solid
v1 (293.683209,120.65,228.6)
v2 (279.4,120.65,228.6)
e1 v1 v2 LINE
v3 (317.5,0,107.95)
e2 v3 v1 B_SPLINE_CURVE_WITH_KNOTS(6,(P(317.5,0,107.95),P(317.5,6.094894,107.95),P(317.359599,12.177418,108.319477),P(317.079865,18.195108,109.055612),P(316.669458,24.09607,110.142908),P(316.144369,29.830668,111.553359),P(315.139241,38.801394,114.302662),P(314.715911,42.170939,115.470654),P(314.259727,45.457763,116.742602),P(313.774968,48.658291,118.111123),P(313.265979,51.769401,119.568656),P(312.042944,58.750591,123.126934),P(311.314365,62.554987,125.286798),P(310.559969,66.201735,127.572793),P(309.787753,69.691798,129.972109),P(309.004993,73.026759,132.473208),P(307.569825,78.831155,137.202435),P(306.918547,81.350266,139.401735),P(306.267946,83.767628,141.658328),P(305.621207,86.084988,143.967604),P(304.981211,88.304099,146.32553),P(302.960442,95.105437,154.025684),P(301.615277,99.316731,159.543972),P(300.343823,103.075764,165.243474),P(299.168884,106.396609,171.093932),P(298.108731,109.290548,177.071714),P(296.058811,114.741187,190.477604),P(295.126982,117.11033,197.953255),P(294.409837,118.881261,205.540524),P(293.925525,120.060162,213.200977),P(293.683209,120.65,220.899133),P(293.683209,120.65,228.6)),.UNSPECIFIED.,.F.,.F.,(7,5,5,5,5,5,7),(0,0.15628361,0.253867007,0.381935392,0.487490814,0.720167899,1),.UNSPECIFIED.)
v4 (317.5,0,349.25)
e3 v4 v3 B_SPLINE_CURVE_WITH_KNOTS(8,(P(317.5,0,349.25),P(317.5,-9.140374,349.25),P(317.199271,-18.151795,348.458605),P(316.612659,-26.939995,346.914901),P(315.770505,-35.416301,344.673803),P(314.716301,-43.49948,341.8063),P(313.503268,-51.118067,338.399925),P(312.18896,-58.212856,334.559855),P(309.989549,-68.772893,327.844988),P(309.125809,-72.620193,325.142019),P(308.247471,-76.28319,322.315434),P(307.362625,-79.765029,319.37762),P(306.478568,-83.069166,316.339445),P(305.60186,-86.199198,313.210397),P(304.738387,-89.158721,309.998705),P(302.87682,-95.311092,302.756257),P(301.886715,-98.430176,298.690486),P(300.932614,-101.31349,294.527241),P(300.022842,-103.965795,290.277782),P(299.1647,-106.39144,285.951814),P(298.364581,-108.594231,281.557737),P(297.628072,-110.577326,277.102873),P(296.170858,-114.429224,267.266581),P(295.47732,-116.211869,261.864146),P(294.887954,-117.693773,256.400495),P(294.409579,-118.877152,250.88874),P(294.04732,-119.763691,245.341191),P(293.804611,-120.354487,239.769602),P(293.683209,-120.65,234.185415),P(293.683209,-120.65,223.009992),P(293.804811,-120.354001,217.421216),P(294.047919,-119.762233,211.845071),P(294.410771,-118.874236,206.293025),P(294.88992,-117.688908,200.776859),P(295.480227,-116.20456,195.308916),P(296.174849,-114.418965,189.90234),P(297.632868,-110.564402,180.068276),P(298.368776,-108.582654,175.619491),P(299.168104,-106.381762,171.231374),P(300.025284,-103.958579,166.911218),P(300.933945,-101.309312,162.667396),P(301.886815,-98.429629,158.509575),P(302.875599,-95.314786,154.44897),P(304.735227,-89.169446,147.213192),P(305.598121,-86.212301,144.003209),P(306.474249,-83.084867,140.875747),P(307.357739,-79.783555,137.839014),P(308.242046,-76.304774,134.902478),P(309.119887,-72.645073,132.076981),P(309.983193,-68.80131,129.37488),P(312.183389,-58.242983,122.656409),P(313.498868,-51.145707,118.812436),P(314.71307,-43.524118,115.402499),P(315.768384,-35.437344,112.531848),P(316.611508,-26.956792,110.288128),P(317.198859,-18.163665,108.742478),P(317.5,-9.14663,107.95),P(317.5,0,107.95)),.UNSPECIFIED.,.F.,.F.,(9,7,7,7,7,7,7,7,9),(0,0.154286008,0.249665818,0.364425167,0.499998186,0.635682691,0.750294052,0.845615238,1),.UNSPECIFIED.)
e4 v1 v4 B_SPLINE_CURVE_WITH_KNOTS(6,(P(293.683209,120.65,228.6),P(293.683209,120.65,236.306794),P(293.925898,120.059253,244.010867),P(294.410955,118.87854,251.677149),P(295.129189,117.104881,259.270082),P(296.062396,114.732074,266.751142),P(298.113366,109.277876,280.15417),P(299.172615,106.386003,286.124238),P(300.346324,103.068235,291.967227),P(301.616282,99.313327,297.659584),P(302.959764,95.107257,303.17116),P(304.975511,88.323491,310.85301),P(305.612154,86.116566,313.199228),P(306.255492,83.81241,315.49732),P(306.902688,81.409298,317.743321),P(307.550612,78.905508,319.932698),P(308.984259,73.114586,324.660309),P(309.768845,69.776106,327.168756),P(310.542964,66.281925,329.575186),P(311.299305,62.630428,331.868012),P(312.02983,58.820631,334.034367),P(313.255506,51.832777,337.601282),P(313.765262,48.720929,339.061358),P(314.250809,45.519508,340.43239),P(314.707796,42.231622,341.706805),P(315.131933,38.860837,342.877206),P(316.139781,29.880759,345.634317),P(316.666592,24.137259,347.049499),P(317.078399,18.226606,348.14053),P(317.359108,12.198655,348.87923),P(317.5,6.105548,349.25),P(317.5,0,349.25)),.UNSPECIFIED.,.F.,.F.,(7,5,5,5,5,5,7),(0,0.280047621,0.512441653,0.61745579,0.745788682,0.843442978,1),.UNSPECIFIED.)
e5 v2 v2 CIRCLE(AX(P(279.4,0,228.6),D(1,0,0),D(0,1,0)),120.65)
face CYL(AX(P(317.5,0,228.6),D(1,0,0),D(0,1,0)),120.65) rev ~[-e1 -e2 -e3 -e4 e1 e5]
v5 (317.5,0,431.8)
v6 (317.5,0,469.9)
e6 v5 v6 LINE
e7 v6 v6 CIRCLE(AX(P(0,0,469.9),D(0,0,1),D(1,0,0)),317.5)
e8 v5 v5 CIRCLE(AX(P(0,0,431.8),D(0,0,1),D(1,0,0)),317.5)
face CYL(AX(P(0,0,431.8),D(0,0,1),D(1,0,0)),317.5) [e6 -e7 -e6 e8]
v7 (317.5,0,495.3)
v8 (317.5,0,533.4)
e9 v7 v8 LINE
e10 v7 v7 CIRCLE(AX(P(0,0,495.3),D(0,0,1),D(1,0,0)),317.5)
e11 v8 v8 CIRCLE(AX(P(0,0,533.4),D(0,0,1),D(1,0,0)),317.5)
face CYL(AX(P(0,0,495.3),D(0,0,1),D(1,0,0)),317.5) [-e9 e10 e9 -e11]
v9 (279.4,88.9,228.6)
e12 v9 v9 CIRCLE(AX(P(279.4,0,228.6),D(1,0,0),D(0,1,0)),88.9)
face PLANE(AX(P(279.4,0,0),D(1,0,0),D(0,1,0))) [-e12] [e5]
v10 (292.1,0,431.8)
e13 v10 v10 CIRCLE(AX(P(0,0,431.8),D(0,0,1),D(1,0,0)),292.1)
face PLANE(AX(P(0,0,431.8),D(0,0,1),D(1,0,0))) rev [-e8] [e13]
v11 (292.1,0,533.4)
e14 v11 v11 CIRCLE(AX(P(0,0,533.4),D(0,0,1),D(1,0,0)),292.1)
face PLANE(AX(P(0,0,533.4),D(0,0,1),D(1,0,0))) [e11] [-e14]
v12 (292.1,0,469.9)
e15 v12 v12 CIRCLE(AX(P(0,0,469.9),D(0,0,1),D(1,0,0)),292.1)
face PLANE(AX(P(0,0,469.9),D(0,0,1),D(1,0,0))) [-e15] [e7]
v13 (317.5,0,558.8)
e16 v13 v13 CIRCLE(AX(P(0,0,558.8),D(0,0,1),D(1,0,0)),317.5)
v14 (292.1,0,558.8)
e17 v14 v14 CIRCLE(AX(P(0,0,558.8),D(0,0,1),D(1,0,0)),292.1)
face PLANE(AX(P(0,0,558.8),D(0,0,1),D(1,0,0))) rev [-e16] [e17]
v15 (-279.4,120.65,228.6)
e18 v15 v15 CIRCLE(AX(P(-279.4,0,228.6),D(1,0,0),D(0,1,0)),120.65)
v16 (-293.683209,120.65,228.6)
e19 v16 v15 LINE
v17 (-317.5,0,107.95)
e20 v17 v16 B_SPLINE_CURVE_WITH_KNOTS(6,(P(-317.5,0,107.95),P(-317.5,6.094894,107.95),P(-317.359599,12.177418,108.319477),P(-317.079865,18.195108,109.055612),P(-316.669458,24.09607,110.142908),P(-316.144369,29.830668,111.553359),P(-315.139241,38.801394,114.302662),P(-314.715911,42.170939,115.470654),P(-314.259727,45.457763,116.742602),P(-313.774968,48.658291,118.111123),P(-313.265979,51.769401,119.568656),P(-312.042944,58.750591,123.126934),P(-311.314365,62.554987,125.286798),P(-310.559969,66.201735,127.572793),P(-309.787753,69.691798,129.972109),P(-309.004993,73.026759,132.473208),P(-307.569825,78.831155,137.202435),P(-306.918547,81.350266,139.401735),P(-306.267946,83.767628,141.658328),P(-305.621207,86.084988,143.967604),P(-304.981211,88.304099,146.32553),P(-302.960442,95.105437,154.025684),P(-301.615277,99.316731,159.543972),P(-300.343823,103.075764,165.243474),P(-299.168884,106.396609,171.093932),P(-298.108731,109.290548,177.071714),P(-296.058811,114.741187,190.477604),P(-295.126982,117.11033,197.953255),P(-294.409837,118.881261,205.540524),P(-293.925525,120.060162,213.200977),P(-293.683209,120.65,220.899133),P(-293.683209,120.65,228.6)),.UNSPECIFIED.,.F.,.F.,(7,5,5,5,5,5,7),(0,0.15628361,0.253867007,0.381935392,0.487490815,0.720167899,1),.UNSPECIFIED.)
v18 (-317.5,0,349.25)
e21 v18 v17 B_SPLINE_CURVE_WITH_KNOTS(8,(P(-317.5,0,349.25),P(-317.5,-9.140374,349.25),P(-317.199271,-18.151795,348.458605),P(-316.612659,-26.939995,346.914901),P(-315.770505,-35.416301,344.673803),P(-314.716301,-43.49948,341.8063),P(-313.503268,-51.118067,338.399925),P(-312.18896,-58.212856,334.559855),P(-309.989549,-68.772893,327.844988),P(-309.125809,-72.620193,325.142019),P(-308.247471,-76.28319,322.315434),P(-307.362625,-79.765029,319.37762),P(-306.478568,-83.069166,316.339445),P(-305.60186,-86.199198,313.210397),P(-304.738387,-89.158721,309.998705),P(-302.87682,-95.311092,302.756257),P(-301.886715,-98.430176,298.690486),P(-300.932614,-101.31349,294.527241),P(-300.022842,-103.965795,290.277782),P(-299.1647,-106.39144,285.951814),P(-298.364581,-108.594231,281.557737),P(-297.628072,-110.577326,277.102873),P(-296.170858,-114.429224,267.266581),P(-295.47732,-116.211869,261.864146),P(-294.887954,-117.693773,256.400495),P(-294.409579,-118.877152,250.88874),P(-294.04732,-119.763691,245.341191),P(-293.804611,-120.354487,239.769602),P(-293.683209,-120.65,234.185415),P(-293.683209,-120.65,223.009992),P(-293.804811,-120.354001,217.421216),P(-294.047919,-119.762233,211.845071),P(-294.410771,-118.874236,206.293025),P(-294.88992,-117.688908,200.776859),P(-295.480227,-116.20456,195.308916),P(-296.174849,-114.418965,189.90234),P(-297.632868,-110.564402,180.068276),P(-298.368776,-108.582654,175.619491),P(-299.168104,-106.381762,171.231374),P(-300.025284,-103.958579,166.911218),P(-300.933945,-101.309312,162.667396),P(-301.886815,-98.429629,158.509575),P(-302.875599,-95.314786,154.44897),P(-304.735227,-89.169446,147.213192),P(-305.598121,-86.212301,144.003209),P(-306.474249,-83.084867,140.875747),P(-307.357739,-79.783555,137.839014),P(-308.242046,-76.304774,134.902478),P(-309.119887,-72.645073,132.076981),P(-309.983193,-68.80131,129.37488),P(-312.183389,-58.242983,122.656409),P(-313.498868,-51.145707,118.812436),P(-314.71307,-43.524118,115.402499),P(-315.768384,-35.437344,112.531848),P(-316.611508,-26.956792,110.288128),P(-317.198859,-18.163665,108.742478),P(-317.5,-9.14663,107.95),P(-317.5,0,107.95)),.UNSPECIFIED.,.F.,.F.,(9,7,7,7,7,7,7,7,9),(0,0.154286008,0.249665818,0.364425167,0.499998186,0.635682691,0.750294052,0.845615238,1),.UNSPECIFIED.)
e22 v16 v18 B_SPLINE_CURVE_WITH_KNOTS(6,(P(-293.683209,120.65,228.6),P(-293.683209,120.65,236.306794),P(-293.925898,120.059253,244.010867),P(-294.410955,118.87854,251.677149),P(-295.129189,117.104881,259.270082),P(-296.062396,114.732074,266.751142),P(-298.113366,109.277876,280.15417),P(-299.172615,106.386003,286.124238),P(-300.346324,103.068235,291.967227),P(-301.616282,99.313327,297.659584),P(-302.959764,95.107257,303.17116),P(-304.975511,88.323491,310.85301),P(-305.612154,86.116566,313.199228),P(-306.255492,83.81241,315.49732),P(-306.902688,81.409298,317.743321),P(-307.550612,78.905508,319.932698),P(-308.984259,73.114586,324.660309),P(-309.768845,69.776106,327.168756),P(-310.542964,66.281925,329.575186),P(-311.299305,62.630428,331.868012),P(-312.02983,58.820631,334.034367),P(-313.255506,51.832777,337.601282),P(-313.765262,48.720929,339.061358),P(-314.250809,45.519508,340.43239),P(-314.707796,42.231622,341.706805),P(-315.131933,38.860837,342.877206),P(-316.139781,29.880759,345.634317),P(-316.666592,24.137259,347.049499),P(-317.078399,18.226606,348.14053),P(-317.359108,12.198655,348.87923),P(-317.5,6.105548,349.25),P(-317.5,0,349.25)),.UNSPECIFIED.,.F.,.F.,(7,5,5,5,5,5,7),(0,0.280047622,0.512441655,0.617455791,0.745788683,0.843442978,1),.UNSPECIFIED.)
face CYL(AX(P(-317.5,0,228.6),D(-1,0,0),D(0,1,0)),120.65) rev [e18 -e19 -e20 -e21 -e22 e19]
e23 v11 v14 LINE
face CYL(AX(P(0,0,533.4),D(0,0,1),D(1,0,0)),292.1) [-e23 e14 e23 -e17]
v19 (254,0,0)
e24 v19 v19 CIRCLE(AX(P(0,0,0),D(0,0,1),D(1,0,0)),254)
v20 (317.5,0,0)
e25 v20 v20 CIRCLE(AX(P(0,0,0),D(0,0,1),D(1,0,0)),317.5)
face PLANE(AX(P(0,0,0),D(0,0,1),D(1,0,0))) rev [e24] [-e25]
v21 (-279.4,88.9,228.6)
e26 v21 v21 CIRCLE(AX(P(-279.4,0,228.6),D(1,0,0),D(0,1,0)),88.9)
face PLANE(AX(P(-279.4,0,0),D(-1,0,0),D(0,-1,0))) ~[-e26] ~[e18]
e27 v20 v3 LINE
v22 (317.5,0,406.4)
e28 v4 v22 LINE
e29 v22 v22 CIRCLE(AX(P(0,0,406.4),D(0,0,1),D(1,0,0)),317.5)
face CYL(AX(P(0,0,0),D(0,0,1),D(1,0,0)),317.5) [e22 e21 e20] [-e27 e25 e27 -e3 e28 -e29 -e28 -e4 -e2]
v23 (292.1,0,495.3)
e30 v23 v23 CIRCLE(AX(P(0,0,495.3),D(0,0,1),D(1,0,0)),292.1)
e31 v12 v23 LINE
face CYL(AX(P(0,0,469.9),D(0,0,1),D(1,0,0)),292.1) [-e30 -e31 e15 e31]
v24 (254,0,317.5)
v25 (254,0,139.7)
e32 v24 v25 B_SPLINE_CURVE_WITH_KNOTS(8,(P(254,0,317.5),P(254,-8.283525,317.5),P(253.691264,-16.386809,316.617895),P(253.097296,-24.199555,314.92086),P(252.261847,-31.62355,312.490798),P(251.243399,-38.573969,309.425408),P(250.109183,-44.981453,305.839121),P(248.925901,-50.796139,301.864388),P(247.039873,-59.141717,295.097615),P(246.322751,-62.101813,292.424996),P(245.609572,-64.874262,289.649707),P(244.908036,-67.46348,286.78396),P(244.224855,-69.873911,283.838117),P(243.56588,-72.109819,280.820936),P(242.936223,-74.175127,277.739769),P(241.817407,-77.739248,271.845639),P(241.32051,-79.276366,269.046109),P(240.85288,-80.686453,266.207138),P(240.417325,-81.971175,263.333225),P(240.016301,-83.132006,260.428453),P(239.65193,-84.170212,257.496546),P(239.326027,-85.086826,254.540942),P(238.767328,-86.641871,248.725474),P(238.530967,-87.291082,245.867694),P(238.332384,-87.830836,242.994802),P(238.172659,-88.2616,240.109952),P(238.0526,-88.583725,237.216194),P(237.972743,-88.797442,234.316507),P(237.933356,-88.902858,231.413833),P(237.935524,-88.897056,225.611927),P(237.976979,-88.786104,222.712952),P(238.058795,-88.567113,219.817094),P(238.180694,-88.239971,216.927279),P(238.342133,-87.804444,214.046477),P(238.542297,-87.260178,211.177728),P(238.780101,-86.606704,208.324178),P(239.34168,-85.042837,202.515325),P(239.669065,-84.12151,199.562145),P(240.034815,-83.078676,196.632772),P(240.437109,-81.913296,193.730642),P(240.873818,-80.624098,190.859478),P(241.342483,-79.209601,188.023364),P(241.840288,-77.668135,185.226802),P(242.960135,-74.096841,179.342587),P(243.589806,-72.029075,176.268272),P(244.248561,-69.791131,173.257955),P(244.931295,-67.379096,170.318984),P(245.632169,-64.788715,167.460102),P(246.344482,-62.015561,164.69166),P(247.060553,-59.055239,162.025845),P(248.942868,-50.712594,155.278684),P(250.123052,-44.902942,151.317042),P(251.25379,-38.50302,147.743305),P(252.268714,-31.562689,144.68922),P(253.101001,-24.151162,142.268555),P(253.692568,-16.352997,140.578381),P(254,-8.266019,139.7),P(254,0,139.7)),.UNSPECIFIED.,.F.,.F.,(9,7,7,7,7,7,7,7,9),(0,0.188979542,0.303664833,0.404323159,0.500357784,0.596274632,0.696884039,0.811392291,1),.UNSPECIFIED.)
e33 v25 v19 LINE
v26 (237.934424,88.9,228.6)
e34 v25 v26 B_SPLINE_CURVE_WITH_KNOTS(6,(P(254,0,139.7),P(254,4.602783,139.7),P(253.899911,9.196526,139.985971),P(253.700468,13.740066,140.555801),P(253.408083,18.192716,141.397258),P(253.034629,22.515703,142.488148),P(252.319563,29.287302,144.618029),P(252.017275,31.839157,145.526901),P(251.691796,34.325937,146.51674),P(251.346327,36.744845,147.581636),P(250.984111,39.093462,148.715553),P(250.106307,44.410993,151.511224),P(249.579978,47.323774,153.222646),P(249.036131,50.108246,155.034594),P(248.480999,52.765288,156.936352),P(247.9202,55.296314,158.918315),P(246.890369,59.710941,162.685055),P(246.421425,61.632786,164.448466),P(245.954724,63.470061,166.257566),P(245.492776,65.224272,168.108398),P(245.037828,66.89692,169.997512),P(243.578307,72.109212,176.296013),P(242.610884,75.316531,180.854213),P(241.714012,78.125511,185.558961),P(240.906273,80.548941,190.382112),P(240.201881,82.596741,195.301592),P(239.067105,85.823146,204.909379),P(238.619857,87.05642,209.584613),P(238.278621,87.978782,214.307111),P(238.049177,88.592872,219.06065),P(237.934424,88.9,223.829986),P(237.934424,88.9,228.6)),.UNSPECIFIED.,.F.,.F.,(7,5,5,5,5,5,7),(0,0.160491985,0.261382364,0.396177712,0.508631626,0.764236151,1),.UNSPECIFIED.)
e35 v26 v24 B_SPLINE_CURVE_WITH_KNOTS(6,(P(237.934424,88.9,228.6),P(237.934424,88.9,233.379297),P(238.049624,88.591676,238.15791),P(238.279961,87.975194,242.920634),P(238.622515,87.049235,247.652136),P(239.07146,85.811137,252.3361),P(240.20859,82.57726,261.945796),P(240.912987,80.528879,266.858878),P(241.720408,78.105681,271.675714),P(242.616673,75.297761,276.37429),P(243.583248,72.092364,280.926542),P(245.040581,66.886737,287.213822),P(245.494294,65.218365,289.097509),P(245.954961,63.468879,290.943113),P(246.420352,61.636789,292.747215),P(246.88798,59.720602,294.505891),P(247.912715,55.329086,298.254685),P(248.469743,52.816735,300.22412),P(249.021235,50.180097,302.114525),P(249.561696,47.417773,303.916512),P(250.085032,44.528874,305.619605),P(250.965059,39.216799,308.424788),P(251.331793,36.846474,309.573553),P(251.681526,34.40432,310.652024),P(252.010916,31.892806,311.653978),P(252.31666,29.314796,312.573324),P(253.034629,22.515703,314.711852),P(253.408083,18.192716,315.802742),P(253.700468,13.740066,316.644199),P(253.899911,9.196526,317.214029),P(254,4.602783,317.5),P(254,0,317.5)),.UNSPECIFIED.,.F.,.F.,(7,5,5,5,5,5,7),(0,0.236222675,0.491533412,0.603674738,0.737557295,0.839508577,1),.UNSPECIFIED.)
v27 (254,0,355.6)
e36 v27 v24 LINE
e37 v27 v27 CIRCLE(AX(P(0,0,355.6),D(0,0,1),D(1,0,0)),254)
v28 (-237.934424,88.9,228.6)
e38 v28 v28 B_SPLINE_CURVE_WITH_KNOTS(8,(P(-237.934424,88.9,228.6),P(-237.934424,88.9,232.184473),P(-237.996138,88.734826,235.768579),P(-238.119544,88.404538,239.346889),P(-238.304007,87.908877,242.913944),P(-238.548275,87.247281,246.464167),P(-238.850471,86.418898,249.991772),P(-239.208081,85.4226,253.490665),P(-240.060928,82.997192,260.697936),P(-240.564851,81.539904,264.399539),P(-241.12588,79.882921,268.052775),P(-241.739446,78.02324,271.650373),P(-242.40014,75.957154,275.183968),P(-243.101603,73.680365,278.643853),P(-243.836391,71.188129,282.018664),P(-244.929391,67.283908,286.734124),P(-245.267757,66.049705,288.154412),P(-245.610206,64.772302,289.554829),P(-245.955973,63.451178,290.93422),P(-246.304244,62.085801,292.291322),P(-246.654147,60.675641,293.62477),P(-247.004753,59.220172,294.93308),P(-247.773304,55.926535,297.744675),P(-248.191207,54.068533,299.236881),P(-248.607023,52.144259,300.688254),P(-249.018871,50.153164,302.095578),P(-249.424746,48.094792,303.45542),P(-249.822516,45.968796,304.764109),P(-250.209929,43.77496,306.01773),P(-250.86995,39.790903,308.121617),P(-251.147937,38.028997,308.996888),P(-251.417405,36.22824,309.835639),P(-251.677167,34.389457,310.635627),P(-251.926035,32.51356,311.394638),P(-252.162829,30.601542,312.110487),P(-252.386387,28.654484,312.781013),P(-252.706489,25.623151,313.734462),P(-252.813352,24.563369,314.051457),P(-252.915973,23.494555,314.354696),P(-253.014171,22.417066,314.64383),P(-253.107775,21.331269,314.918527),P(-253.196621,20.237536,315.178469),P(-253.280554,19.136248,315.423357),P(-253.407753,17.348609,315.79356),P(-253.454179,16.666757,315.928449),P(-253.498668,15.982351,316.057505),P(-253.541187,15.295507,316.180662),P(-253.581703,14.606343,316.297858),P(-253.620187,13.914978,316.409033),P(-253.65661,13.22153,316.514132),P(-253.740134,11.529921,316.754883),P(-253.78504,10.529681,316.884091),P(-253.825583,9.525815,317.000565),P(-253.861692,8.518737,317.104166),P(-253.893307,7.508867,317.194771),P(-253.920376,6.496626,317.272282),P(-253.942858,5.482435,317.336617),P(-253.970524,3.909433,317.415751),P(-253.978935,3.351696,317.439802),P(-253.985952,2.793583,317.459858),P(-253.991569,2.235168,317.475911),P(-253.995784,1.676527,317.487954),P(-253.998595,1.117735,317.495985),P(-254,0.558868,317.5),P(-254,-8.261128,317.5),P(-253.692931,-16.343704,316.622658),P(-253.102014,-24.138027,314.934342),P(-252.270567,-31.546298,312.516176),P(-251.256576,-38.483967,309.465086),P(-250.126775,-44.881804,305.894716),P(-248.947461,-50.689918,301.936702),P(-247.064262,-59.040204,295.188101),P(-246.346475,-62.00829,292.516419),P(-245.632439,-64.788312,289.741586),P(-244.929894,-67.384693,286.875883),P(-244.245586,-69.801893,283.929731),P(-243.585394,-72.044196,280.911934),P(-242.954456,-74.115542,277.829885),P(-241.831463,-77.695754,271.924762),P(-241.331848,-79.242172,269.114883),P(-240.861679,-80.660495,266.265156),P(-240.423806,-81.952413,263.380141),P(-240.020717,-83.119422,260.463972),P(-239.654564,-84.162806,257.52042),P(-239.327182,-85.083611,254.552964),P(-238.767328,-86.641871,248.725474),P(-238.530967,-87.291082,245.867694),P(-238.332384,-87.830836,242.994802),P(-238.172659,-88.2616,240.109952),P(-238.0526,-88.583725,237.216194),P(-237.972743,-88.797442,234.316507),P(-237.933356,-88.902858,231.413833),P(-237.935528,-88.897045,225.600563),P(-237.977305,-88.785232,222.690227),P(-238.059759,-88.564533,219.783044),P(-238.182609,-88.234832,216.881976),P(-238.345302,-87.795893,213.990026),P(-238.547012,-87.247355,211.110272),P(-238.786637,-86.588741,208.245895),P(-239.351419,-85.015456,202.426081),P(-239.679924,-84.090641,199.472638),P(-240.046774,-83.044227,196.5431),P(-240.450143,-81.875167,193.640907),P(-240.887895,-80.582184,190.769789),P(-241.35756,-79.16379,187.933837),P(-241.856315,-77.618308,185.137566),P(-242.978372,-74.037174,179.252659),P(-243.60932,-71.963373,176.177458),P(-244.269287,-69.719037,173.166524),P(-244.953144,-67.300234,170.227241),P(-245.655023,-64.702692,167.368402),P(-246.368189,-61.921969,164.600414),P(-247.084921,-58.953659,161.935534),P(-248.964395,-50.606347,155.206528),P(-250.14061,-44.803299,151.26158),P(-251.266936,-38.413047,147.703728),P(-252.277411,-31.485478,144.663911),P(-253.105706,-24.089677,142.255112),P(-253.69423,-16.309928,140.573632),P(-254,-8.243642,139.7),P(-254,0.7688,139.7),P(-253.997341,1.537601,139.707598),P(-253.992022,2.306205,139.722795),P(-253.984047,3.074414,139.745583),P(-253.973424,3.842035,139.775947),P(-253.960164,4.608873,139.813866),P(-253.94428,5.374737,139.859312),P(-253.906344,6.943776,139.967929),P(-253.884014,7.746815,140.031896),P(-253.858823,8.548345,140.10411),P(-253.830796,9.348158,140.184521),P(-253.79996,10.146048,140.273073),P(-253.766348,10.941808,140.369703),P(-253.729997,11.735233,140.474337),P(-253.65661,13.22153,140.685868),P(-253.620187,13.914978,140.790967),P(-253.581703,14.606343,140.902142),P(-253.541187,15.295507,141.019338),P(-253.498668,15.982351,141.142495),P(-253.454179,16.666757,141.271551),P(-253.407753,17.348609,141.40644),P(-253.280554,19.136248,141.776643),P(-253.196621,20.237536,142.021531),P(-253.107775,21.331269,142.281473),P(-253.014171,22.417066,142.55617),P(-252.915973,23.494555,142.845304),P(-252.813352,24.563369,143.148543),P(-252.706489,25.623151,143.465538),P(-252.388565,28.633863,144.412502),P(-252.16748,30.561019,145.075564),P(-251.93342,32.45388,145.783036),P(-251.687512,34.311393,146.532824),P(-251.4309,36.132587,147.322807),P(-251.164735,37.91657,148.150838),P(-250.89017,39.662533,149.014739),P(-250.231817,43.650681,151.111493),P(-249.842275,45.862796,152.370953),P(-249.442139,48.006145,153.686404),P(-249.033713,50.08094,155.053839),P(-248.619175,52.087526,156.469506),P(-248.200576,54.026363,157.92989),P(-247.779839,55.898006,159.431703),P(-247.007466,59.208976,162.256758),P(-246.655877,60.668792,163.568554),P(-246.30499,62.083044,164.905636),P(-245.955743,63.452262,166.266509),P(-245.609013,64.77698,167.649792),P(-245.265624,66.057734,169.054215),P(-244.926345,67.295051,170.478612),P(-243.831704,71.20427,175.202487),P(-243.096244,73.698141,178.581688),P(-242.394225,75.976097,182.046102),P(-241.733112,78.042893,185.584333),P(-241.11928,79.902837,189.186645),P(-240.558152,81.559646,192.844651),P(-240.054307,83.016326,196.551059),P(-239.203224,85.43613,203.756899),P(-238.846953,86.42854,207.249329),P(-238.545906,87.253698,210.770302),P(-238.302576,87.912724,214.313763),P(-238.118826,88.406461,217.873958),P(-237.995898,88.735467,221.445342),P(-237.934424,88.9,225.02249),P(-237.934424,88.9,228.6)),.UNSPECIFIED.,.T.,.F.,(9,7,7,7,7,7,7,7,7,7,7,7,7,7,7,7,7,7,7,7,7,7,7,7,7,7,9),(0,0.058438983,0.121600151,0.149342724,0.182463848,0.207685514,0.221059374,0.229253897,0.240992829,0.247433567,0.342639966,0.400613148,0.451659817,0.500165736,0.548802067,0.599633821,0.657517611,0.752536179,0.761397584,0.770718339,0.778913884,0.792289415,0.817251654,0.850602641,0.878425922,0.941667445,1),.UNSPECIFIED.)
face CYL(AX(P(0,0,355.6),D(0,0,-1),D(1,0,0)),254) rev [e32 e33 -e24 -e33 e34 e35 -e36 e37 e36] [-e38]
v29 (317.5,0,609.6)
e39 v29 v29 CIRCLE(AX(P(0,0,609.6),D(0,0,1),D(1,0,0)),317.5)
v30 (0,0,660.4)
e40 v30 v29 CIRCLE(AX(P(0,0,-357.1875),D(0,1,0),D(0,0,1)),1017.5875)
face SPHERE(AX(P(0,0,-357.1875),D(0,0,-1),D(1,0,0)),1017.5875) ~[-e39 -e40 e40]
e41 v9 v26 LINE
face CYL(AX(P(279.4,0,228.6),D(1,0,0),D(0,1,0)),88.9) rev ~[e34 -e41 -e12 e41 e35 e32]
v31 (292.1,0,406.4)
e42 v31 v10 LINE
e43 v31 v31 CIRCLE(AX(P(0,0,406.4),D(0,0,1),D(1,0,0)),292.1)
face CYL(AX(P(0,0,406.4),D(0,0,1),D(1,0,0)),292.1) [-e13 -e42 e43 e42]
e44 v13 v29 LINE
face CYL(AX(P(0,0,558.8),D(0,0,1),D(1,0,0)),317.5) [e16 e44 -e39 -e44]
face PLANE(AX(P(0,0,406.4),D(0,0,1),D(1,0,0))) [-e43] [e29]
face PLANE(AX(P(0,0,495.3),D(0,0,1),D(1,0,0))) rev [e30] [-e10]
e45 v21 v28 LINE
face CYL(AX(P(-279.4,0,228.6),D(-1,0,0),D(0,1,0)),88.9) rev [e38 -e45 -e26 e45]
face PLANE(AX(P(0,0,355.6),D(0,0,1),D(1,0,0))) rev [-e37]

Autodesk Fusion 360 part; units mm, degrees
sketch "Sketch1" plane through (0, 0, 0) normal (0, 1, 0) x (1, 0, 0)
  line L0 (0, 0) -> (0, -408.4277) construction
  line L1 (0, -660.4) -> (0, -355.6)
  line L2 (0, -355.6) -> (254, -355.6)
  line L3 (254, -355.6) -> (254, 0)
  line L4 (254, 0) -> (317.5, 0)
  line L5 (317.5, 0) -> (317.5, -406.4)
  line L6 (317.5, -406.4) -> (292.1, -406.4)
  line L7 (292.1, -406.4) -> (292.1, -431.8)
  line L8 (292.1, -431.8) -> (317.5, -431.8)
  line L9 (317.5, -431.8) -> (317.5, -469.9)
  line L10 (317.5, -469.9) -> (292.1, -469.9)
  line L11 (292.1, -469.9) -> (292.1, -495.3)
  line L12 (292.1, -495.3) -> (317.5, -495.3)
  line L13 (317.5, -495.3) -> (317.5, -533.4)
  line L14 (317.5, -533.4) -> (292.1, -533.4)
  line L15 (292.1, -533.4) -> (292.1, -558.8)
  line L16 (292.1, -558.8) -> (317.5, -558.8)
  line L17 (317.5, -558.8) -> (317.5, -609.6)
  arc A0 (0, -660.4) -> (317.5, -609.6) centre (0, 357.1875) ccw
  line L18 (0, -660.4) -> (-298.2009, -660.4) construction
  dimension "d1" = 508
  dimension "d2" = 635
  dimension "d3" = 355.6
  dimension "d4" = 406.4
  dimension "d5" = 25.4
  dimension "d6" = 25.4
  dimension "d7" = 38.1
  dimension "d8" = 50.8
  dimension "d9" = 660.4
revolve "Revolve1" add sketch "Sketch1" angle 360 about axis through (0, 0, 0) along (0, 0, 1)
ref_plane "WorkPlane1" through (317.5, 0, 0) normal (1, 0, 0) x (0, 1, 0)
sketch "Sketch2" plane through (317.5, 0, 0) normal (1, 0, 0) x (0, 1, 0)
  circle A0 centre (0, 228.6) radius 120.65
  dimension "d12" = 241.3
  dimension "d13" = 228.6
extrude "Extrude1" cut sketch "Sketch2" against normal blind 38.1
sketch "Sketch3" plane through (279.4, 0, 0) normal (1, 0, 0) x (0, 1, 0)
  circle A0 centre (0, 228.6) radius 120.65
  circle A1 centre (0, 228.6) radius 88.9
  dimension "d16" = 177.8
extrude "Extrude2" cut sketch "Sketch3" against normal blind 127 contours A1
mirror "Mirror1" about plane through (0, 0, 0) normal (1, 0, 0) of "Extrude1", "Extrude2"
